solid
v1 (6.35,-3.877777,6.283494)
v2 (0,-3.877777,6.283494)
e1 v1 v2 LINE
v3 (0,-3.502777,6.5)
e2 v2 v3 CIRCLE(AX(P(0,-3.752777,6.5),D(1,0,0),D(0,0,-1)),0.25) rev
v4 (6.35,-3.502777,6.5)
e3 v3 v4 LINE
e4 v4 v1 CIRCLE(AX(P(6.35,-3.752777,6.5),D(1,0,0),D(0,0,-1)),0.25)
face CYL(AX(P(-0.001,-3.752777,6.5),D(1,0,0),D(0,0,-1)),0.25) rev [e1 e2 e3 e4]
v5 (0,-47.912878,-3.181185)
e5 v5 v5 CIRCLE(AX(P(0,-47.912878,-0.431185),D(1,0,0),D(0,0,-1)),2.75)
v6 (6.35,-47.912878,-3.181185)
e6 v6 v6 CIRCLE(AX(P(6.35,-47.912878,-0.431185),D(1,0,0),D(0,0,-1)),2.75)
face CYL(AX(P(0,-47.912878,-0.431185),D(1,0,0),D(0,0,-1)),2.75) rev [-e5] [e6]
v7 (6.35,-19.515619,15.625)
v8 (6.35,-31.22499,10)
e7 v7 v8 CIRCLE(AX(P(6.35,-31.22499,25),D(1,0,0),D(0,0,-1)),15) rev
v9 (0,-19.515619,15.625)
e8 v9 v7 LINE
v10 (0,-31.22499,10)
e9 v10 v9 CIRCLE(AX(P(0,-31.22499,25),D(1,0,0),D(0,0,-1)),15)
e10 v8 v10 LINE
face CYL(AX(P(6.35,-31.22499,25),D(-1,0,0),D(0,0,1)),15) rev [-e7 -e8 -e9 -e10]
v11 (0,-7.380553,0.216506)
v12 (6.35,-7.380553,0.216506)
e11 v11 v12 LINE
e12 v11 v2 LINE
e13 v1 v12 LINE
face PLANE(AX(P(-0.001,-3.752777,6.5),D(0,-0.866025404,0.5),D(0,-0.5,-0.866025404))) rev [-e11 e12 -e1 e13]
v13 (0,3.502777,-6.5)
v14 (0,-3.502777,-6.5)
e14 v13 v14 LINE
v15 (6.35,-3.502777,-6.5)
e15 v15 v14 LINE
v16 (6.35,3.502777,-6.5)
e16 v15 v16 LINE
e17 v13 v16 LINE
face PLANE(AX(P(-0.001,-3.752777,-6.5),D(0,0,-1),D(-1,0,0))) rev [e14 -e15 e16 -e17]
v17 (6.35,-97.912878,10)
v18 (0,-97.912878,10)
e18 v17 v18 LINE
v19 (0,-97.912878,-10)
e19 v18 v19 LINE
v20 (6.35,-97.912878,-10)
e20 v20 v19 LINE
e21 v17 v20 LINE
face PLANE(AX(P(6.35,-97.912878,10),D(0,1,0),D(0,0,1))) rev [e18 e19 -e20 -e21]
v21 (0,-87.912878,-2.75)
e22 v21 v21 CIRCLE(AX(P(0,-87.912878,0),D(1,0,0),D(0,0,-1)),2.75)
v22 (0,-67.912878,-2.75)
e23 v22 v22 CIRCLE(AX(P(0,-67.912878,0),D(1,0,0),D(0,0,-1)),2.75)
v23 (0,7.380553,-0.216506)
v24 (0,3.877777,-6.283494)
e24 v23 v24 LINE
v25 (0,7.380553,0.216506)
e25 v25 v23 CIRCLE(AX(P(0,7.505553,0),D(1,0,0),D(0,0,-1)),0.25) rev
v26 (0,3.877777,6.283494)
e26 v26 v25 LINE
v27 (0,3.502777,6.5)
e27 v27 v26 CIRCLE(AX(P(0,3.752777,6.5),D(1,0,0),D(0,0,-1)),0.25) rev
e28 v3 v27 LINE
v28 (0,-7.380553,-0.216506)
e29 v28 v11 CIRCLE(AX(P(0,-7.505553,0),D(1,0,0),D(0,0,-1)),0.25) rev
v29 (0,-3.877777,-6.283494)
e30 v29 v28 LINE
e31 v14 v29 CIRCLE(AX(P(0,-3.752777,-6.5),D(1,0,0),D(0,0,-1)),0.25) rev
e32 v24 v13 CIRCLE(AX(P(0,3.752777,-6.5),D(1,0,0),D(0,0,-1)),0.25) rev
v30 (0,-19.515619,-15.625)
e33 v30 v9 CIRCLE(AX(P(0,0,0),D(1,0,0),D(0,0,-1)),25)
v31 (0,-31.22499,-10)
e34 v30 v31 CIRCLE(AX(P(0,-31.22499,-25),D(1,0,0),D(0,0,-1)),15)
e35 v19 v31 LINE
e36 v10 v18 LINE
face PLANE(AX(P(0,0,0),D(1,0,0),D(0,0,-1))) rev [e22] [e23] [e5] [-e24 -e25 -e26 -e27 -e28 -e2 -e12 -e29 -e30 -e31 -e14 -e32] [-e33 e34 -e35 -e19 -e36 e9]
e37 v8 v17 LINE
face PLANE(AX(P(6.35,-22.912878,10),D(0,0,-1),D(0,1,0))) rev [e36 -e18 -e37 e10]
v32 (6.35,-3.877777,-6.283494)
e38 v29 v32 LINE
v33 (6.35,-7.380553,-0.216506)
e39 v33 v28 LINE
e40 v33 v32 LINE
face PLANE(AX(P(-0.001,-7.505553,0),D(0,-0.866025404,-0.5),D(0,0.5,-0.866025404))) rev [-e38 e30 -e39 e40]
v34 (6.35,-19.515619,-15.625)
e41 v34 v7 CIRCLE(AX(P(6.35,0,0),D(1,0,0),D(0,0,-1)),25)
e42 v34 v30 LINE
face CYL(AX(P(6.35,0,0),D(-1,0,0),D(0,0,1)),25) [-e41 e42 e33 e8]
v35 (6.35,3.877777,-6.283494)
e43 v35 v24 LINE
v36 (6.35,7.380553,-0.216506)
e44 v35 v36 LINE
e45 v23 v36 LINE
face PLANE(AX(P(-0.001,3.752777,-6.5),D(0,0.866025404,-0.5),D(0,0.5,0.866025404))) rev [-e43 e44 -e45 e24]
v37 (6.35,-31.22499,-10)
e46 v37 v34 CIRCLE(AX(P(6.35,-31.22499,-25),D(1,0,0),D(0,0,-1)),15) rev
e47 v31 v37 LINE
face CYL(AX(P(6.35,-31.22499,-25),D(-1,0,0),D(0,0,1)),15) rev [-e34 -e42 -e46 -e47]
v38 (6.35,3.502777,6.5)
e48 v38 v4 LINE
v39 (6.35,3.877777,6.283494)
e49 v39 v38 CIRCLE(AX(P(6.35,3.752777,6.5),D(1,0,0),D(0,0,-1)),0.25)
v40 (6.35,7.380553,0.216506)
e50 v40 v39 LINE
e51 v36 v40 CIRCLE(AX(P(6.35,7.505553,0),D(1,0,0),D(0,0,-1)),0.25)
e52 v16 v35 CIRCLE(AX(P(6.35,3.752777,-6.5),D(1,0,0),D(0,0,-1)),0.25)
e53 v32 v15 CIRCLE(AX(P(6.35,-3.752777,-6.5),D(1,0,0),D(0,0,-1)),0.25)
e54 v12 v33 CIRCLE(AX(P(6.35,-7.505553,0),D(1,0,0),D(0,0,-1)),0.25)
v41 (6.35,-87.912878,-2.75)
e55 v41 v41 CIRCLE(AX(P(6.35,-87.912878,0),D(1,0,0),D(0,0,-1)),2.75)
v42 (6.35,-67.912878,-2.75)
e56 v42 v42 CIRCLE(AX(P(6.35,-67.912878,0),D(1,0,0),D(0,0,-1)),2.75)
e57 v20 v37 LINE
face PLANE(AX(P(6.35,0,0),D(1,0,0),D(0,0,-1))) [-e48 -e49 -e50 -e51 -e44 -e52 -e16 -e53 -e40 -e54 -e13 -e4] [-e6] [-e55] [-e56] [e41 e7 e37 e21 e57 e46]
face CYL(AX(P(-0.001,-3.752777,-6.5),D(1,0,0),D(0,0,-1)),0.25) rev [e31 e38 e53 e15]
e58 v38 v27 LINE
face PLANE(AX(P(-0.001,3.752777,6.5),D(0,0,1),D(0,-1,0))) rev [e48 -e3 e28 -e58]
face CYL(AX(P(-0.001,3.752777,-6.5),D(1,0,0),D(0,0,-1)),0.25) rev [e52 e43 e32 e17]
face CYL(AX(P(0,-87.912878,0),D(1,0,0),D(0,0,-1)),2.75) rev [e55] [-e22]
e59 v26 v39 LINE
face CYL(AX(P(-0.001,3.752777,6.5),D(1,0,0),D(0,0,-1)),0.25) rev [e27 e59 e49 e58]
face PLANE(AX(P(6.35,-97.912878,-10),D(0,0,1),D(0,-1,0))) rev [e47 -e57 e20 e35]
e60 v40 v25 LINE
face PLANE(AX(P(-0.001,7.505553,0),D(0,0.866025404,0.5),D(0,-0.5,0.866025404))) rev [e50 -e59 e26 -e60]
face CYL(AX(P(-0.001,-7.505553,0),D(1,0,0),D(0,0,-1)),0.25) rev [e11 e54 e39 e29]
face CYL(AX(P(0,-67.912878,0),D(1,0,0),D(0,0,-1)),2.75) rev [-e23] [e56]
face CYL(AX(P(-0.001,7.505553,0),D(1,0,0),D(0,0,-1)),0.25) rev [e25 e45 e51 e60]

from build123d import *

# Parameters (mm, degrees)
BOSS_EXTRUDE1_DEPTH = 6.35
SKETCH2_R           = 2.75
CUT_EXTRUDE1_DEPTH  = 7.35
FILLET1_R           = 15
CUT_EXTRUDE2_REACH  = 8.35
CUT_EXTRUDE3_REACH  = 8.35
SKETCH4_R           = 0.25


with BuildPart() as part:
    # Sketch1 → Boss-Extrude1 (new body)
    with BuildSketch(Plane(origin=(0, 0, 0), x_dir=(0, 0, -1), z_dir=(1, 0, 0))):
        with BuildLine():
            Line((-10, -22.912878475), (-10, -97.912878475))
            Line((-10, -97.912878475), (10, -97.912878475))
            Line((10, -97.912878475), (10, -22.912878475))
            ThreePointArc((10, -22.912878475), (0, 25), (-10, -22.912878475))
        make_face()
    extrude(amount=BOSS_EXTRUDE1_DEPTH)

    # Sketch2 → Cut-Extrude1 (cut, through all)
    with BuildSketch(Plane(origin=(6.35, 0, 0), x_dir=(0, 0, -1), z_dir=(1, 0, 0))):
        with Locations((0, -87.912878475)):
            Circle(SKETCH2_R)
        with Locations((0, -67.912878475)):
            Circle(SKETCH2_R)
        with Locations((0.431184648, -47.912878475)):
            Circle(SKETCH2_R)
    extrude(amount=-CUT_EXTRUDE1_DEPTH, mode=Mode.SUBTRACT)

    # Fillet1
    fillet1_edges = [part.edges().sort_by_distance(p)[0] for p in [
        (3.175, -22.912878475, 10),
        (3.175, -22.912878475, -10),
    ]]
    fillet(fillet1_edges, radius=FILLET1_R)

    # Sketch3 → Cut-Extrude2 (cut, up to next)
    with BuildSketch(Plane(origin=(6.35, 0, 0), x_dir=(0, 0, -1), z_dir=(1, 0, 0)), mode=Mode.PRIVATE) as cut_extrude2_sk1:
        Polygon((0, -7.505553499), (6.5, -3.75277675), (6.5, 3.75277675), (0, 7.505553499), (-6.5, 3.75277675), (-6.5, -3.75277675), align=None)
    cut_extrude2_tool1 = extrude(cut_extrude2_sk1.sketch, amount=-CUT_EXTRUDE2_REACH, mode=Mode.PRIVATE) & part.part
    add(cut_extrude2_tool1.solids().sort_by_distance((6.35, 0, 0))[0], mode=Mode.SUBTRACT)

    # Sketch4 → Cut-Extrude3 (cut, up to next)
    with BuildSketch(Plane(origin=(6.35, 0, 0), x_dir=(0, 0, -1), z_dir=(1, 0, 0)), mode=Mode.PRIVATE) as cut_extrude3_sk1:
        with Locations((0, 7.505553499)):
            Circle(SKETCH4_R)
    cut_extrude3_tool1 = extrude(cut_extrude3_sk1.sketch, amount=-CUT_EXTRUDE3_REACH, mode=Mode.PRIVATE) & part.part
    add(cut_extrude3_tool1.solids().sort_by_distance((6.35, 7.505553, 0))[0], mode=Mode.SUBTRACT)
    # Sketch4 → Cut-Extrude3 (cut, up to next)
    with BuildSketch(Plane(origin=(6.35, 0, 0), x_dir=(0, 0, -1), z_dir=(1, 0, 0)), mode=Mode.PRIVATE) as cut_extrude3_sk2:
        with Locations((6.5, 3.75277675)):
            Circle(SKETCH4_R)
    cut_extrude3_tool2 = extrude(cut_extrude3_sk2.sketch, amount=-CUT_EXTRUDE3_REACH, mode=Mode.PRIVATE) & part.part
    add(cut_extrude3_tool2.solids().sort_by_distance((6.35, 3.752777, -6.5))[0], mode=Mode.SUBTRACT)
    # Sketch4 → Cut-Extrude3 (cut, up to next)
    with BuildSketch(Plane(origin=(6.35, 0, 0), x_dir=(0, 0, -1), z_dir=(1, 0, 0)), mode=Mode.PRIVATE) as cut_extrude3_sk3:
        with Locations((6.5, -3.75277675)):
            Circle(SKETCH4_R)
    cut_extrude3_tool3 = extrude(cut_extrude3_sk3.sketch, amount=-CUT_EXTRUDE3_REACH, mode=Mode.PRIVATE) & part.part
    add(cut_extrude3_tool3.solids().sort_by_distance((6.35, -3.752777, -6.5))[0], mode=Mode.SUBTRACT)
    # Sketch4 → Cut-Extrude3 (cut, up to next)
    with BuildSketch(Plane(origin=(6.35, 0, 0), x_dir=(0, 0, -1), z_dir=(1, 0, 0)), mode=Mode.PRIVATE) as cut_extrude3_sk4:
        with Locations((0, -7.505553499)):
            Circle(SKETCH4_R)
    cut_extrude3_tool4 = extrude(cut_extrude3_sk4.sketch, amount=-CUT_EXTRUDE3_REACH, mode=Mode.PRIVATE) & part.part
    add(cut_extrude3_tool4.solids().sort_by_distance((6.35, -7.505553, 0))[0], mode=Mode.SUBTRACT)
    # Sketch4 → Cut-Extrude3 (cut, up to next)
    with BuildSketch(Plane(origin=(6.35, 0, 0), x_dir=(0, 0, -1), z_dir=(1, 0, 0)), mode=Mode.PRIVATE) as cut_extrude3_sk5:
        with Locations((-6.5, -3.75277675)):
            Circle(SKETCH4_R)
    cut_extrude3_tool5 = extrude(cut_extrude3_sk5.sketch, amount=-CUT_EXTRUDE3_REACH, mode=Mode.PRIVATE) & part.part
    add(cut_extrude3_tool5.solids().sort_by_distance((6.35, -3.752777, 6.5))[0], mode=Mode.SUBTRACT)
    # Sketch4 → Cut-Extrude3 (cut, up to next)
    with BuildSketch(Plane(origin=(6.35, 0, 0), x_dir=(0, 0, -1), z_dir=(1, 0, 0)), mode=Mode.PRIVATE) as cut_extrude3_sk6:
        with Locations((-6.5, 3.75277675)):
            Circle(SKETCH4_R)
    cut_extrude3_tool6 = extrude(cut_extrude3_sk6.sketch, amount=-CUT_EXTRUDE3_REACH, mode=Mode.PRIVATE) & part.part
    add(cut_extrude3_tool6.solids().sort_by_distance((6.35, 3.752777, 6.5))[0], mode=Mode.SUBTRACT)


solid = part.part
